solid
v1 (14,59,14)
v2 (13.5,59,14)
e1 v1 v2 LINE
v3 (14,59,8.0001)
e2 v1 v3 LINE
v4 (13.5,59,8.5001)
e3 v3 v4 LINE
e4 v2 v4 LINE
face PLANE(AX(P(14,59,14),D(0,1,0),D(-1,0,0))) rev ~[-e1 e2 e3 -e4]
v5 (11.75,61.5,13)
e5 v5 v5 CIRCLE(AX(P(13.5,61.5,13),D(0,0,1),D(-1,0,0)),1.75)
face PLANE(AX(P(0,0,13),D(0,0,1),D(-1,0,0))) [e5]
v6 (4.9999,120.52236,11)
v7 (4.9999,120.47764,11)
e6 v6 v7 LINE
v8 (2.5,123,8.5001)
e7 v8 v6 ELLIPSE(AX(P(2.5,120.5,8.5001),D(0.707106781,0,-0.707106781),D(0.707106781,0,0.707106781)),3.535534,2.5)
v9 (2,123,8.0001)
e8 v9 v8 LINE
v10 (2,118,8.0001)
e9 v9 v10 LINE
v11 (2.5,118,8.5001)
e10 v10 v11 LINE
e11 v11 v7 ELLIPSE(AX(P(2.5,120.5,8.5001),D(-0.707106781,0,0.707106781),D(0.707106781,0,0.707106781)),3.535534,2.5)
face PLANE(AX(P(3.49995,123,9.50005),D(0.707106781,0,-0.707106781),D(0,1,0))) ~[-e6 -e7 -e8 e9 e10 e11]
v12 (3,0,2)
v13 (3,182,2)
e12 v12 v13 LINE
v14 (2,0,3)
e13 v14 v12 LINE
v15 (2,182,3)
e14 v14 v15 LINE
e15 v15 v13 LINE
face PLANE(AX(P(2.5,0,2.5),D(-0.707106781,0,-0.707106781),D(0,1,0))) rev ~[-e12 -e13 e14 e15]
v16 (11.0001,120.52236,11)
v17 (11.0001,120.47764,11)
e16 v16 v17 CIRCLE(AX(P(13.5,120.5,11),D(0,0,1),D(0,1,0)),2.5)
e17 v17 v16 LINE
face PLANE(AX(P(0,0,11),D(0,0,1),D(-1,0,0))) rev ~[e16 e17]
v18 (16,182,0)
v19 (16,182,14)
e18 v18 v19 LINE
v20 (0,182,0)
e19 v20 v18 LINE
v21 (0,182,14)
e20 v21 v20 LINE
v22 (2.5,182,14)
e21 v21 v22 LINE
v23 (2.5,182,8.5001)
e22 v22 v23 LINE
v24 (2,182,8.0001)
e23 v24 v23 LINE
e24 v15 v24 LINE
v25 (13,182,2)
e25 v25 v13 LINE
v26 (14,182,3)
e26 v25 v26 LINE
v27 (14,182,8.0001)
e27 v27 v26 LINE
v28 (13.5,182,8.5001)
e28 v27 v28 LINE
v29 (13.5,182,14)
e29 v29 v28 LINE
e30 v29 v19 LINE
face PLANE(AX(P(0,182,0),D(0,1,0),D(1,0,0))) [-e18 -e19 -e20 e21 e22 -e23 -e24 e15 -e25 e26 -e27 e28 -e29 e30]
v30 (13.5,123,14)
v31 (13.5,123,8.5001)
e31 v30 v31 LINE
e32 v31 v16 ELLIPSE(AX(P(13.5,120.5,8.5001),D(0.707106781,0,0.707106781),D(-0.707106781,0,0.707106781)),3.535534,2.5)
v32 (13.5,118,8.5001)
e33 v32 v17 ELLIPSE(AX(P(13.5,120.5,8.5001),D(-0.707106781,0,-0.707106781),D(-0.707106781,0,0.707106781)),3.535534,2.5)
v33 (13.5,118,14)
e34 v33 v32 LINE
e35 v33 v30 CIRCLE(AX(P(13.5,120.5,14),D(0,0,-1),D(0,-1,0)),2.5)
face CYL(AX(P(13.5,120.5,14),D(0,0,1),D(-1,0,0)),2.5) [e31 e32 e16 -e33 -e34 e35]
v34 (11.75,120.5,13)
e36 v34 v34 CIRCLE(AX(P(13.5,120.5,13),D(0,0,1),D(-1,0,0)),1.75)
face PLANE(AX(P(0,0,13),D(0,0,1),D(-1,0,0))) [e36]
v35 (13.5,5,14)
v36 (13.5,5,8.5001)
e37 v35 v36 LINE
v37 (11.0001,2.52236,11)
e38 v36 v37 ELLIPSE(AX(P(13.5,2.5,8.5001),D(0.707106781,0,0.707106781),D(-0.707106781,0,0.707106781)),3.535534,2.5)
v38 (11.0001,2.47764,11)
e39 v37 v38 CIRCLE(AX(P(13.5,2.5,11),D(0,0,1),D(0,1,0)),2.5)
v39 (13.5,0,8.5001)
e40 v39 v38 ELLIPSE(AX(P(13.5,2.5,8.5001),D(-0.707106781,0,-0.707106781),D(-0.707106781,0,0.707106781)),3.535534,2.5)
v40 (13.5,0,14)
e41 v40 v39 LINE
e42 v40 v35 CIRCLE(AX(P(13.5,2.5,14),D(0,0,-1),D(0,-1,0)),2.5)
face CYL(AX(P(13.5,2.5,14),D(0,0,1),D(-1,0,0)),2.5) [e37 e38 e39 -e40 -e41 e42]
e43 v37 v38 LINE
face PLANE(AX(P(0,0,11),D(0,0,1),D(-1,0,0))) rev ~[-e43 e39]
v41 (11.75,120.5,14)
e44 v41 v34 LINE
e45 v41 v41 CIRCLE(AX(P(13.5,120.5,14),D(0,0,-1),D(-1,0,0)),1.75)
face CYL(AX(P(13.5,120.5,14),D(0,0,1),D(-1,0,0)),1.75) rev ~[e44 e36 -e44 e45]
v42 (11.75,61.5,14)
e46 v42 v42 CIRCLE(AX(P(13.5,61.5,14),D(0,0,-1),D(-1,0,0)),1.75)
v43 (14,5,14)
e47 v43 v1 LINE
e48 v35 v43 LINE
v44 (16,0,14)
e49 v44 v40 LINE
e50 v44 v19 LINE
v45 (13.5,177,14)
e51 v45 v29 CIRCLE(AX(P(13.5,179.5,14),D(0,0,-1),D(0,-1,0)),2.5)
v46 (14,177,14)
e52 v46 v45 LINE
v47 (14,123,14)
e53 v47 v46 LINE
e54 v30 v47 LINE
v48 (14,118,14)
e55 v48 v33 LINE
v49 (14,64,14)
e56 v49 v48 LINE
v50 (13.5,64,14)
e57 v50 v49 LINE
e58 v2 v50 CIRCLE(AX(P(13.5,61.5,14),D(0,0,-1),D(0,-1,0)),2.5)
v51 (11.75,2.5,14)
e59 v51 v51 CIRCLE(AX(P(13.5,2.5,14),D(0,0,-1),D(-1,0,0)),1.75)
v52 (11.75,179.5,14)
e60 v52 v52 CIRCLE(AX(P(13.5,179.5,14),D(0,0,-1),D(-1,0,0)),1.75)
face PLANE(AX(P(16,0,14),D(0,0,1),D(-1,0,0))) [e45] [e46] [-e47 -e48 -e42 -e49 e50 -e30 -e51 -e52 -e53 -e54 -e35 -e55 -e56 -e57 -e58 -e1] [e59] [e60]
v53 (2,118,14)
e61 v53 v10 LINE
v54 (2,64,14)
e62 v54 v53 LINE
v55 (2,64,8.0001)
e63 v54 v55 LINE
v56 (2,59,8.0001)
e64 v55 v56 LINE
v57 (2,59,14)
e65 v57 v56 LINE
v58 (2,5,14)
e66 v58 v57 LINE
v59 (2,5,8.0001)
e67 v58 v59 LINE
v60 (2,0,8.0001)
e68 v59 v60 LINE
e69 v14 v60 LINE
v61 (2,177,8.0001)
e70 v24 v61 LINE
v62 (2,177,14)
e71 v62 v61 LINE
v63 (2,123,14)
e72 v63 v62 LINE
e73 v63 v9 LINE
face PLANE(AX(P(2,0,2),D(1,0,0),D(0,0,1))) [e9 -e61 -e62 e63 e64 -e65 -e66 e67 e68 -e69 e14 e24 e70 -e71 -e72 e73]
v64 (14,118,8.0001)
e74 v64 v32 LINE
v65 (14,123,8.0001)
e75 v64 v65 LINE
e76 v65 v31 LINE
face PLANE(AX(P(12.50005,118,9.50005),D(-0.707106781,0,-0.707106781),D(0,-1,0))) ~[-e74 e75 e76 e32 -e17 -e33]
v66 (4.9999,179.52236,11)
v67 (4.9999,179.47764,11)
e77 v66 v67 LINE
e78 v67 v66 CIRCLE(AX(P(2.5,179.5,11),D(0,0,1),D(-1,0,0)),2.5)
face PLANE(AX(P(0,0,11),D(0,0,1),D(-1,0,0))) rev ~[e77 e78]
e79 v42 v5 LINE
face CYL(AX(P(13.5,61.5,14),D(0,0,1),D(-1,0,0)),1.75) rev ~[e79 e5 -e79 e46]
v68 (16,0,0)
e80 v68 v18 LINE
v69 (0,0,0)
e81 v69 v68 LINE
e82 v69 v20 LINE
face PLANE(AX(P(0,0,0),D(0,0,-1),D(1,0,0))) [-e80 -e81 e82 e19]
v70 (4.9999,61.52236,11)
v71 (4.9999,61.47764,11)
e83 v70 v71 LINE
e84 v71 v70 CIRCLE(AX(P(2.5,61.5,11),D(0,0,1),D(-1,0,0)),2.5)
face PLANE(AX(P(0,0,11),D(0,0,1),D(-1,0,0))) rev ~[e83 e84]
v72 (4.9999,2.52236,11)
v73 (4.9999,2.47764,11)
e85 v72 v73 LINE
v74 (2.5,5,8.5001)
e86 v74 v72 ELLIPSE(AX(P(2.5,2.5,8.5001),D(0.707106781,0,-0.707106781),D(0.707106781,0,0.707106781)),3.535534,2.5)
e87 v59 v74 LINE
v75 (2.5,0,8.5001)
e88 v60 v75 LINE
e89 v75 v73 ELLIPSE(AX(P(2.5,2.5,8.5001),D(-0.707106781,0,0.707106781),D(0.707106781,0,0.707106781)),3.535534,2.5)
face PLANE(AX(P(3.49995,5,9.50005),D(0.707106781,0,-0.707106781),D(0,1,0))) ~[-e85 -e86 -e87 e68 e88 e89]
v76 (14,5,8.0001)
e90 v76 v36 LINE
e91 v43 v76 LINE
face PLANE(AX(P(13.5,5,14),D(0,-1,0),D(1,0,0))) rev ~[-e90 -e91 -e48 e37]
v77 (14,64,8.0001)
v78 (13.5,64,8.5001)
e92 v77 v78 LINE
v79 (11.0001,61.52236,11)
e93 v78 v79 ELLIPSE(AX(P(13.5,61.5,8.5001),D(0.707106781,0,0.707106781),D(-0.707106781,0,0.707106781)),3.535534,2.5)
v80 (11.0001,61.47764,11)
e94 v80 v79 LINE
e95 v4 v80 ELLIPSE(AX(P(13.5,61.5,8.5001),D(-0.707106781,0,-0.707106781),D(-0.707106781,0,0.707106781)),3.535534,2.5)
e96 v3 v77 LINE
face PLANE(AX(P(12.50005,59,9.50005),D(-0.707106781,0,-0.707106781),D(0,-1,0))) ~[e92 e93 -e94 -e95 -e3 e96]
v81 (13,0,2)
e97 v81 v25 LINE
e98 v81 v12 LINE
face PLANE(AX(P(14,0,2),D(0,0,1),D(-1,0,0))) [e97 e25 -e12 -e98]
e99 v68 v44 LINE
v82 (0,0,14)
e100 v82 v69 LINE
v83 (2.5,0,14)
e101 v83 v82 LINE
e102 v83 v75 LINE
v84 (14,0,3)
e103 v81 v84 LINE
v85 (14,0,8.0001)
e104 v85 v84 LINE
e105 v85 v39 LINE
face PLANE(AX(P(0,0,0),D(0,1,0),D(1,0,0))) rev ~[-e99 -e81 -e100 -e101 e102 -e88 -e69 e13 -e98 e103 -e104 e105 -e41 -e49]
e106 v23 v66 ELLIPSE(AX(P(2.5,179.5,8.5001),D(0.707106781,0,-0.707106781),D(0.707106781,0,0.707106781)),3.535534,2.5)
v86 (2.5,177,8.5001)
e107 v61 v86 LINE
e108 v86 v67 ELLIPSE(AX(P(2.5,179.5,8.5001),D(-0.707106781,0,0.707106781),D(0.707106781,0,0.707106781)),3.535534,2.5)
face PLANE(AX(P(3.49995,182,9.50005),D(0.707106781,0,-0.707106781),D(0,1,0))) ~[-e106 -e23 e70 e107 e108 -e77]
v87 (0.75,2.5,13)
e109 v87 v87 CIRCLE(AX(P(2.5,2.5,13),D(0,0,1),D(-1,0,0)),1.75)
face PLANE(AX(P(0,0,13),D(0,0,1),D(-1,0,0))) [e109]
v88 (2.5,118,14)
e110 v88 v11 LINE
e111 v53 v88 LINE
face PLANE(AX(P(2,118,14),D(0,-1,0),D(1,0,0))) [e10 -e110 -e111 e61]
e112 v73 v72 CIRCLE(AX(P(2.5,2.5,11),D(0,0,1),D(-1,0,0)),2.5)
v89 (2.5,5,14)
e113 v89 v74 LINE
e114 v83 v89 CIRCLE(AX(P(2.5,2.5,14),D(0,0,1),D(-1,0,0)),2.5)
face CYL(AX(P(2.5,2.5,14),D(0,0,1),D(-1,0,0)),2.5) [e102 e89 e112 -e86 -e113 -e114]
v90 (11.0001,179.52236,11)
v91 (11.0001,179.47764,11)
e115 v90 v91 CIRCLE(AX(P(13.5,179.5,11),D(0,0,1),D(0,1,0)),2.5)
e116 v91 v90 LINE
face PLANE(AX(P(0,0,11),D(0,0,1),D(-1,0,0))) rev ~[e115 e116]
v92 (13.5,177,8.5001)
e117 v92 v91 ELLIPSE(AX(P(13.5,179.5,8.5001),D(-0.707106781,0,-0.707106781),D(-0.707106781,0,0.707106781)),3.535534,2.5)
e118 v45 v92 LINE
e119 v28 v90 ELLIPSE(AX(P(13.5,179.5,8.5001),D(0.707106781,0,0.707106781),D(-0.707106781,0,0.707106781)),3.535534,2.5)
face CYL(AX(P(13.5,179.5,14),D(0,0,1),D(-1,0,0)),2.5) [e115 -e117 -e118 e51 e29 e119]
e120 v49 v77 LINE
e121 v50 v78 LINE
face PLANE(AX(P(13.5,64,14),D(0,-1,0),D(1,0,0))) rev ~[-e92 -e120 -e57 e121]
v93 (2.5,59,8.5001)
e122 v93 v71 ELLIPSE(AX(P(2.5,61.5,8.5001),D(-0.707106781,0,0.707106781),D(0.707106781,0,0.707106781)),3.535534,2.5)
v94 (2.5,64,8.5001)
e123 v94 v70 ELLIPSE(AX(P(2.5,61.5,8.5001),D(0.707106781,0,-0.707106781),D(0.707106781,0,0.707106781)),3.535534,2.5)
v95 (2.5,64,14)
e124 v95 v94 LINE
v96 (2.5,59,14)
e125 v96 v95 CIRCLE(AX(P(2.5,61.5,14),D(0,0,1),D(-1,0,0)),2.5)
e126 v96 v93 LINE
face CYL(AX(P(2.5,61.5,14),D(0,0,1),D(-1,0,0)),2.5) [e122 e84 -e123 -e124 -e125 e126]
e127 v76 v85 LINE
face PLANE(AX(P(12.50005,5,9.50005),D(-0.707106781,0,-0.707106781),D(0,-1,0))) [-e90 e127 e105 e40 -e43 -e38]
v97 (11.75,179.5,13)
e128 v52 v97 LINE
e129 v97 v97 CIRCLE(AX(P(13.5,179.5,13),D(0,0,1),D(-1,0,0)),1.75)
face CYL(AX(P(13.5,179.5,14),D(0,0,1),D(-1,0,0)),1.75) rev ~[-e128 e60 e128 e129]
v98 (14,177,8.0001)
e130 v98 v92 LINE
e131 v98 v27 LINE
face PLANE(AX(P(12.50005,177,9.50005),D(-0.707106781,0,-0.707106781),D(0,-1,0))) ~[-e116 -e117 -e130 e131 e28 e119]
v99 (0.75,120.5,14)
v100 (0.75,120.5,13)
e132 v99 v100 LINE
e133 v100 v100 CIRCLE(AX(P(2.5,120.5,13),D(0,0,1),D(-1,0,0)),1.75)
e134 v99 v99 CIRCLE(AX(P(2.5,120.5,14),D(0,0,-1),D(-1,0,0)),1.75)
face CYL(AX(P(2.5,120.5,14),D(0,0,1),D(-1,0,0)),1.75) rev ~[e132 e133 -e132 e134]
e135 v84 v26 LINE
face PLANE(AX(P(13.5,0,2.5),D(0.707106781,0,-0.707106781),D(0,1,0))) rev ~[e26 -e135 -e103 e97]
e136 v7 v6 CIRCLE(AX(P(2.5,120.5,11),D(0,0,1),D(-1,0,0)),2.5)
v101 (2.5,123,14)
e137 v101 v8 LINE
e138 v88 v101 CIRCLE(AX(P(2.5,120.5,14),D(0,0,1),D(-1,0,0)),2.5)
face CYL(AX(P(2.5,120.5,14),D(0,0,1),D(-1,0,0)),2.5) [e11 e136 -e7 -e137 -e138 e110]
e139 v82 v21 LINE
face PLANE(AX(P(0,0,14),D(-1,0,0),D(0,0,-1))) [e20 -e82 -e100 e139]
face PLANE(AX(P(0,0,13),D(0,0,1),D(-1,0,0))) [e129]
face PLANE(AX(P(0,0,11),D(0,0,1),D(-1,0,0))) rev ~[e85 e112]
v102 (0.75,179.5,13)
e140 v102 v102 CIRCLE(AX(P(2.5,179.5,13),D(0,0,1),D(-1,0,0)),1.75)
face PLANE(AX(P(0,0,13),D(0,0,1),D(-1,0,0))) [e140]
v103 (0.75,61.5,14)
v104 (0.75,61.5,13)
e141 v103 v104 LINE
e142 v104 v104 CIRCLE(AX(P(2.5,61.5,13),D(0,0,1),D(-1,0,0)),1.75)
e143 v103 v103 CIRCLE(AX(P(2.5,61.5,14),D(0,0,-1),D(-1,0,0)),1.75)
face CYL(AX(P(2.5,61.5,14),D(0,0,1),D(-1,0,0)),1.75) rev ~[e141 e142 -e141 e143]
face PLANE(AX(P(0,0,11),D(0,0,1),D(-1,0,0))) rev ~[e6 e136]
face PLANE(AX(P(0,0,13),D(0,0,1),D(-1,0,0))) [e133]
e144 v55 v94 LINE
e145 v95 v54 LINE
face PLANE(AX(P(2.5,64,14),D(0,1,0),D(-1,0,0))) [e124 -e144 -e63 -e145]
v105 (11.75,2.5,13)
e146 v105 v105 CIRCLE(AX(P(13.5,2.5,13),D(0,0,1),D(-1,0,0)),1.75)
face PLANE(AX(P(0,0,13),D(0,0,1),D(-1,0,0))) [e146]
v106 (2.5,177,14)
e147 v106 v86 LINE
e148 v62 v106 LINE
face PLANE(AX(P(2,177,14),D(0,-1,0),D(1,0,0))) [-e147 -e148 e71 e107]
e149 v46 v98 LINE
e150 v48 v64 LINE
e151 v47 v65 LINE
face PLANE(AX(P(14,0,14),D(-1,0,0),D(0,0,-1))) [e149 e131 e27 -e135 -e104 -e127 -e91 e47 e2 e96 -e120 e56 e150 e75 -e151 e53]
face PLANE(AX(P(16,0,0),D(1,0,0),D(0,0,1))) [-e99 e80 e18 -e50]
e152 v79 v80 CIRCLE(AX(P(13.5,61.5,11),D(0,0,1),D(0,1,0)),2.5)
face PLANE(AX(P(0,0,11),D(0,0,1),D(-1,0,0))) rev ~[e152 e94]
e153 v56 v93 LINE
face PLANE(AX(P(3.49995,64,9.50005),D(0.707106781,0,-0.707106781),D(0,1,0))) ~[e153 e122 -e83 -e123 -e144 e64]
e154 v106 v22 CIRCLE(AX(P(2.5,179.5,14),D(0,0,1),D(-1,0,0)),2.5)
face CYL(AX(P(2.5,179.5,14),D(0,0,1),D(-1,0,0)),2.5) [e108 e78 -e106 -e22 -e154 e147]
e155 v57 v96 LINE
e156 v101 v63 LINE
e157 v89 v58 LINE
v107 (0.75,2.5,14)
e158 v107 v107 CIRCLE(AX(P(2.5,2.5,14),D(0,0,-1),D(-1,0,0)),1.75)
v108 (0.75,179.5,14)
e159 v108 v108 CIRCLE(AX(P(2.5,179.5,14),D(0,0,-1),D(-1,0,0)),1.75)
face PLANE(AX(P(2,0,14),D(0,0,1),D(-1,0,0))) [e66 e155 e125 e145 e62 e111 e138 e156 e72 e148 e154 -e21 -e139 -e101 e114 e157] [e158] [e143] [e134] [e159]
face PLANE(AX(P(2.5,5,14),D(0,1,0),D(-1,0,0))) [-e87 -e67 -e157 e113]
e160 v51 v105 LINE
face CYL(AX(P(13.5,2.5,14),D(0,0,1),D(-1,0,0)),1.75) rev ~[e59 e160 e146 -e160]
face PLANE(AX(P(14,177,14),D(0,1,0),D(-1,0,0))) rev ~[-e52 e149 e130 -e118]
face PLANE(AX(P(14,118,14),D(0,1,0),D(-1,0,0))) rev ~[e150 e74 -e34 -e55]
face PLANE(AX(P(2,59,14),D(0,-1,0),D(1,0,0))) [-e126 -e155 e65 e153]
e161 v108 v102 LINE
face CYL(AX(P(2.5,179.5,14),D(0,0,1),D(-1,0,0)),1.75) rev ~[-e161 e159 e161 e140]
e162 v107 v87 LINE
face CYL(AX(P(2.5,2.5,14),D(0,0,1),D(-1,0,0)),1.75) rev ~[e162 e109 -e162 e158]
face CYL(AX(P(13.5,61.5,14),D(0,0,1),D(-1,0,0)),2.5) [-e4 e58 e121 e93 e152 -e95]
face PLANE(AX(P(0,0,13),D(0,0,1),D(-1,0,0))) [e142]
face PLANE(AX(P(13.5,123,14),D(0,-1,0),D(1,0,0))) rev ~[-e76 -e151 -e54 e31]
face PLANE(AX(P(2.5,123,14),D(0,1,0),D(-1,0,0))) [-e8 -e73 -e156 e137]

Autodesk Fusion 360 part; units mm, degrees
sketch "3D-printed conduit outline" plane through (0, 0, 0) normal (0, 1, 0) x (1, 0, 0)
  line L0 (0, 0) -> (16, 0)
  line L1 (16, 0) -> (16, -14)
  line L2 (16, -14) -> (0, -14)
  line L3 (0, -14) -> (0, 0)
  line L4 (2, -14) -> (14, -14)
  line L5 (14, -14) -> (14, -2)
  line L6 (14, -2) -> (2, -2)
  line L7 (2, -2) -> (2, -14)
  dimension "d8" = 14
  dimension "d9" = 16
  dimension "d10" = 2
  dimension "d11" = 2
  dimension "d12" = 2
extrude "Extrude1" add sketch "3D-printed conduit outline" along normal blind 182 contours L0 L1 L2 L3 L5 L6 L7
sketch "Magnet holders" plane through (0, 0, 14) normal (0, 0, 1) x (-1, 0, 0)
  line L0 (0, 0) -> (-2, 0)
  line L1 (-2, 0) -> (-2, -182)
  line L2 (-2, -182) -> (0, -182)
  line L3 (0, -182) -> (0, 0)
  line L4 (-14, 0) -> (-16, 0)
  line L5 (-16, 0) -> (-16, -182)
  line L6 (-16, -182) -> (-14, -182)
  line L7 (-14, -182) -> (-14, 0)
  circle A0 centre (-2.5, -2.5) radius 2.5
  circle A1 centre (-2.5, -2.5) radius 1.75
  line L8 (-14, 0) -> (-2, 0)
  line L9 (0, 0) -> (-2.5, 0)
  line L10 (-2.5, 0) -> (-2.5, -5)
  line L11 (-2.5, -5) -> (0, -5)
  line L12 (0, -5) -> (0, 0)
  circle A2 centre (-13.5, -2.5) radius 2.5
  circle A3 centre (-13.5, -2.5) radius 1.75
  line L13 (-16, 0) -> (-13.5, 0)
  line L14 (-13.5, 0) -> (-13.5, -5)
  line L15 (-13.5, -5) -> (-16, -5)
  line L16 (-16, -5) -> (-16, 0)
  circle A4 centre (-2.5, -61.5) radius 1.75
  circle A5 centre (-2.5, -61.5) radius 2.5
  line L17 (-2.5, -59) -> (-2.5, -64)
  line L18 (-2.5, -64) -> (0, -64)
  line L19 (0, -64) -> (0, -59)
  line L20 (0, -59) -> (-2.5, -59)
  circle A6 centre (-13.5, -61.5) radius 1.75
  circle A7 centre (-13.5, -61.5) radius 2.5
  line L21 (-13.5, -59) -> (-13.5, -64)
  line L22 (-13.5, -64) -> (-16, -64)
  line L23 (-16, -64) -> (-16, -59)
  line L24 (-16, -59) -> (-13.5, -59)
  circle A8 centre (-2.5, -120.5) radius 1.75
  circle A9 centre (-2.5, -120.5) radius 2.5
  line L25 (-2.5, -118) -> (-2.5, -123)
  line L26 (-2.5, -123) -> (0, -123)
  line L27 (0, -123) -> (0, -118)
  line L28 (0, -118) -> (-2.5, -118)
  circle A10 centre (-13.5, -120.5) radius 1.75
  circle A11 centre (-13.5, -120.5) radius 2.5
  line L29 (-13.5, -118) -> (-13.5, -123)
  line L30 (-13.5, -123) -> (-16, -123)
  line L31 (-16, -123) -> (-16, -118)
  line L32 (-16, -118) -> (-13.5, -118)
  circle A12 centre (-2.5, -179.5) radius 1.75
  circle A13 centre (-2.5, -179.5) radius 2.5
  line L33 (-2.5, -177) -> (-2.5, -182)
  line L34 (-2.5, -182) -> (0, -182)
  line L35 (0, -182) -> (0, -177)
  line L36 (0, -177) -> (-2.5, -177)
  circle A14 centre (-13.5, -179.5) radius 1.75
  circle A15 centre (-13.5, -179.5) radius 2.5
  line L37 (-13.5, -177) -> (-13.5, -182)
  line L38 (-13.5, -182) -> (-16, -182)
  line L39 (-16, -182) -> (-16, -177)
  line L40 (-16, -177) -> (-13.5, -177)
  dimension "d15" = 5
  dimension "d16" = 3.5
  dimension "d17" = 5
  dimension "d18" = 3.5
  dimension "d21" = 0
  dimension "d22" = -177
extrude "Extrude2" add sketch "Magnet holders" against normal blind 3 contours A2 A3 L14 | L7 A2 A3 L14 | L7 L8 A2 L13 | L1 A0 L8 L9 | L1 A0 A1 L10 | A0 A1 L10 | L1 A0 A1 L10 | L1 A0 L11 | L1 A1 L10 | A1 L10 | L7 A3 L14 | A3 L14 | L1 A5 L20 | L7 A2 L15 | L7 A2 A3 L14 | L1 A4 A5 L17 | L1 A4 A5 L17 | L1 A5 L18 | A4 A5 L17 | L1 A4 L17 | A4 L17 | L7 A7 L24 | L1 A9 L28 | L7 A6 A7 L21 | A6 A7 L21 | L1 A8 A9 L25 | L1 A8 A9 L25 | L1 A9 L26 | A8 A9 L25 | L7 A6 L21 | A6 L21 | L7 A7 L22 | L7 A6 A7 L21 | L1 A8 L25 | A8 L25 | L1 A13 L36 | L7 A11 L32 | L1 A12 A13 L33 | L1 A12 A13 L33 | L1 A13 L34 | A12 A13 L33 | L7 A10 A11 L29 | L7 A11 L30 | L7 A10 A11 L29 | A10 A11 L29 | L1 A12 L33 | A12 L33 | L7 A10 L29 | A10 L29 | L7 A15 L40 | L7 A14 A15 L37 | L7 A15 L38 | L7 A14 A15 L37 | A14 A15 L37 | L7 A14 L37 | A14 L37
extrude "Extrude3" cut sketch "Magnet holders" against normal blind 1 contours L1 A1 | L1 A1 L10 | A1 L10 | L7 A3 L14 | A3 L14 | L7 A3 | L1 A4 | L1 A4 L17 | A4 L17 | L7 A6 L21 | L7 A6 | A6 L21 | L1 A8 | L1 A8 L25 | A8 L25 | L1 A12 | L1 A12 L33 | A12 L33 | L7 A10 L29 | L7 A10 | A10 L29 | L7 A14 L37 | L7 A14 | A14 L37
chamfer "Chamfer1" distance 1 angle 45 2 edges at (2, 91, 2) (14, 91, 2)
chamfer "Chamfer2" distance 2.9999 angle 45 8 edges at (2, 2.5, 11) (2, 61.5, 11) (2, 120.5, 11) (2, 179.5, 11) (14, 2.5, 11) (14, 61.5, 11) (14, 120.5, 11) (14, 179.5, 11)
equation "conduit_length = 182.00 mm"
equation "conduit_width = 16 mm"
equation "conduit_height = 16 mm"
equation "conduit_wall_thickness = 2 mm"
equation "magnet_diameter = 3 mm"
equation "magnet_height = 1 mm"
equation "d8 = conduit_height - conduit_wall_thickness"
equation "d9 = conduit_width"
equation "d10 = conduit_wall_thickness"
equation "d11 = conduit_wall_thickness"
equation "d12 = conduit_wall_thickness"
equation "d13 = conduit_length"
equation "d15 = magnet_diameter + 2 mm"
equation "d16 = magnet_diameter + 0.5 mm"
equation "d17 = magnet_diameter + 2 mm"
equation "d18 = magnet_diameter + 0.5 mm"
equation "d22 = -conduit_length + ( magnet_diameter + 2 mm )"
equation "d23 = -( magnet_height + 2 mm )"
